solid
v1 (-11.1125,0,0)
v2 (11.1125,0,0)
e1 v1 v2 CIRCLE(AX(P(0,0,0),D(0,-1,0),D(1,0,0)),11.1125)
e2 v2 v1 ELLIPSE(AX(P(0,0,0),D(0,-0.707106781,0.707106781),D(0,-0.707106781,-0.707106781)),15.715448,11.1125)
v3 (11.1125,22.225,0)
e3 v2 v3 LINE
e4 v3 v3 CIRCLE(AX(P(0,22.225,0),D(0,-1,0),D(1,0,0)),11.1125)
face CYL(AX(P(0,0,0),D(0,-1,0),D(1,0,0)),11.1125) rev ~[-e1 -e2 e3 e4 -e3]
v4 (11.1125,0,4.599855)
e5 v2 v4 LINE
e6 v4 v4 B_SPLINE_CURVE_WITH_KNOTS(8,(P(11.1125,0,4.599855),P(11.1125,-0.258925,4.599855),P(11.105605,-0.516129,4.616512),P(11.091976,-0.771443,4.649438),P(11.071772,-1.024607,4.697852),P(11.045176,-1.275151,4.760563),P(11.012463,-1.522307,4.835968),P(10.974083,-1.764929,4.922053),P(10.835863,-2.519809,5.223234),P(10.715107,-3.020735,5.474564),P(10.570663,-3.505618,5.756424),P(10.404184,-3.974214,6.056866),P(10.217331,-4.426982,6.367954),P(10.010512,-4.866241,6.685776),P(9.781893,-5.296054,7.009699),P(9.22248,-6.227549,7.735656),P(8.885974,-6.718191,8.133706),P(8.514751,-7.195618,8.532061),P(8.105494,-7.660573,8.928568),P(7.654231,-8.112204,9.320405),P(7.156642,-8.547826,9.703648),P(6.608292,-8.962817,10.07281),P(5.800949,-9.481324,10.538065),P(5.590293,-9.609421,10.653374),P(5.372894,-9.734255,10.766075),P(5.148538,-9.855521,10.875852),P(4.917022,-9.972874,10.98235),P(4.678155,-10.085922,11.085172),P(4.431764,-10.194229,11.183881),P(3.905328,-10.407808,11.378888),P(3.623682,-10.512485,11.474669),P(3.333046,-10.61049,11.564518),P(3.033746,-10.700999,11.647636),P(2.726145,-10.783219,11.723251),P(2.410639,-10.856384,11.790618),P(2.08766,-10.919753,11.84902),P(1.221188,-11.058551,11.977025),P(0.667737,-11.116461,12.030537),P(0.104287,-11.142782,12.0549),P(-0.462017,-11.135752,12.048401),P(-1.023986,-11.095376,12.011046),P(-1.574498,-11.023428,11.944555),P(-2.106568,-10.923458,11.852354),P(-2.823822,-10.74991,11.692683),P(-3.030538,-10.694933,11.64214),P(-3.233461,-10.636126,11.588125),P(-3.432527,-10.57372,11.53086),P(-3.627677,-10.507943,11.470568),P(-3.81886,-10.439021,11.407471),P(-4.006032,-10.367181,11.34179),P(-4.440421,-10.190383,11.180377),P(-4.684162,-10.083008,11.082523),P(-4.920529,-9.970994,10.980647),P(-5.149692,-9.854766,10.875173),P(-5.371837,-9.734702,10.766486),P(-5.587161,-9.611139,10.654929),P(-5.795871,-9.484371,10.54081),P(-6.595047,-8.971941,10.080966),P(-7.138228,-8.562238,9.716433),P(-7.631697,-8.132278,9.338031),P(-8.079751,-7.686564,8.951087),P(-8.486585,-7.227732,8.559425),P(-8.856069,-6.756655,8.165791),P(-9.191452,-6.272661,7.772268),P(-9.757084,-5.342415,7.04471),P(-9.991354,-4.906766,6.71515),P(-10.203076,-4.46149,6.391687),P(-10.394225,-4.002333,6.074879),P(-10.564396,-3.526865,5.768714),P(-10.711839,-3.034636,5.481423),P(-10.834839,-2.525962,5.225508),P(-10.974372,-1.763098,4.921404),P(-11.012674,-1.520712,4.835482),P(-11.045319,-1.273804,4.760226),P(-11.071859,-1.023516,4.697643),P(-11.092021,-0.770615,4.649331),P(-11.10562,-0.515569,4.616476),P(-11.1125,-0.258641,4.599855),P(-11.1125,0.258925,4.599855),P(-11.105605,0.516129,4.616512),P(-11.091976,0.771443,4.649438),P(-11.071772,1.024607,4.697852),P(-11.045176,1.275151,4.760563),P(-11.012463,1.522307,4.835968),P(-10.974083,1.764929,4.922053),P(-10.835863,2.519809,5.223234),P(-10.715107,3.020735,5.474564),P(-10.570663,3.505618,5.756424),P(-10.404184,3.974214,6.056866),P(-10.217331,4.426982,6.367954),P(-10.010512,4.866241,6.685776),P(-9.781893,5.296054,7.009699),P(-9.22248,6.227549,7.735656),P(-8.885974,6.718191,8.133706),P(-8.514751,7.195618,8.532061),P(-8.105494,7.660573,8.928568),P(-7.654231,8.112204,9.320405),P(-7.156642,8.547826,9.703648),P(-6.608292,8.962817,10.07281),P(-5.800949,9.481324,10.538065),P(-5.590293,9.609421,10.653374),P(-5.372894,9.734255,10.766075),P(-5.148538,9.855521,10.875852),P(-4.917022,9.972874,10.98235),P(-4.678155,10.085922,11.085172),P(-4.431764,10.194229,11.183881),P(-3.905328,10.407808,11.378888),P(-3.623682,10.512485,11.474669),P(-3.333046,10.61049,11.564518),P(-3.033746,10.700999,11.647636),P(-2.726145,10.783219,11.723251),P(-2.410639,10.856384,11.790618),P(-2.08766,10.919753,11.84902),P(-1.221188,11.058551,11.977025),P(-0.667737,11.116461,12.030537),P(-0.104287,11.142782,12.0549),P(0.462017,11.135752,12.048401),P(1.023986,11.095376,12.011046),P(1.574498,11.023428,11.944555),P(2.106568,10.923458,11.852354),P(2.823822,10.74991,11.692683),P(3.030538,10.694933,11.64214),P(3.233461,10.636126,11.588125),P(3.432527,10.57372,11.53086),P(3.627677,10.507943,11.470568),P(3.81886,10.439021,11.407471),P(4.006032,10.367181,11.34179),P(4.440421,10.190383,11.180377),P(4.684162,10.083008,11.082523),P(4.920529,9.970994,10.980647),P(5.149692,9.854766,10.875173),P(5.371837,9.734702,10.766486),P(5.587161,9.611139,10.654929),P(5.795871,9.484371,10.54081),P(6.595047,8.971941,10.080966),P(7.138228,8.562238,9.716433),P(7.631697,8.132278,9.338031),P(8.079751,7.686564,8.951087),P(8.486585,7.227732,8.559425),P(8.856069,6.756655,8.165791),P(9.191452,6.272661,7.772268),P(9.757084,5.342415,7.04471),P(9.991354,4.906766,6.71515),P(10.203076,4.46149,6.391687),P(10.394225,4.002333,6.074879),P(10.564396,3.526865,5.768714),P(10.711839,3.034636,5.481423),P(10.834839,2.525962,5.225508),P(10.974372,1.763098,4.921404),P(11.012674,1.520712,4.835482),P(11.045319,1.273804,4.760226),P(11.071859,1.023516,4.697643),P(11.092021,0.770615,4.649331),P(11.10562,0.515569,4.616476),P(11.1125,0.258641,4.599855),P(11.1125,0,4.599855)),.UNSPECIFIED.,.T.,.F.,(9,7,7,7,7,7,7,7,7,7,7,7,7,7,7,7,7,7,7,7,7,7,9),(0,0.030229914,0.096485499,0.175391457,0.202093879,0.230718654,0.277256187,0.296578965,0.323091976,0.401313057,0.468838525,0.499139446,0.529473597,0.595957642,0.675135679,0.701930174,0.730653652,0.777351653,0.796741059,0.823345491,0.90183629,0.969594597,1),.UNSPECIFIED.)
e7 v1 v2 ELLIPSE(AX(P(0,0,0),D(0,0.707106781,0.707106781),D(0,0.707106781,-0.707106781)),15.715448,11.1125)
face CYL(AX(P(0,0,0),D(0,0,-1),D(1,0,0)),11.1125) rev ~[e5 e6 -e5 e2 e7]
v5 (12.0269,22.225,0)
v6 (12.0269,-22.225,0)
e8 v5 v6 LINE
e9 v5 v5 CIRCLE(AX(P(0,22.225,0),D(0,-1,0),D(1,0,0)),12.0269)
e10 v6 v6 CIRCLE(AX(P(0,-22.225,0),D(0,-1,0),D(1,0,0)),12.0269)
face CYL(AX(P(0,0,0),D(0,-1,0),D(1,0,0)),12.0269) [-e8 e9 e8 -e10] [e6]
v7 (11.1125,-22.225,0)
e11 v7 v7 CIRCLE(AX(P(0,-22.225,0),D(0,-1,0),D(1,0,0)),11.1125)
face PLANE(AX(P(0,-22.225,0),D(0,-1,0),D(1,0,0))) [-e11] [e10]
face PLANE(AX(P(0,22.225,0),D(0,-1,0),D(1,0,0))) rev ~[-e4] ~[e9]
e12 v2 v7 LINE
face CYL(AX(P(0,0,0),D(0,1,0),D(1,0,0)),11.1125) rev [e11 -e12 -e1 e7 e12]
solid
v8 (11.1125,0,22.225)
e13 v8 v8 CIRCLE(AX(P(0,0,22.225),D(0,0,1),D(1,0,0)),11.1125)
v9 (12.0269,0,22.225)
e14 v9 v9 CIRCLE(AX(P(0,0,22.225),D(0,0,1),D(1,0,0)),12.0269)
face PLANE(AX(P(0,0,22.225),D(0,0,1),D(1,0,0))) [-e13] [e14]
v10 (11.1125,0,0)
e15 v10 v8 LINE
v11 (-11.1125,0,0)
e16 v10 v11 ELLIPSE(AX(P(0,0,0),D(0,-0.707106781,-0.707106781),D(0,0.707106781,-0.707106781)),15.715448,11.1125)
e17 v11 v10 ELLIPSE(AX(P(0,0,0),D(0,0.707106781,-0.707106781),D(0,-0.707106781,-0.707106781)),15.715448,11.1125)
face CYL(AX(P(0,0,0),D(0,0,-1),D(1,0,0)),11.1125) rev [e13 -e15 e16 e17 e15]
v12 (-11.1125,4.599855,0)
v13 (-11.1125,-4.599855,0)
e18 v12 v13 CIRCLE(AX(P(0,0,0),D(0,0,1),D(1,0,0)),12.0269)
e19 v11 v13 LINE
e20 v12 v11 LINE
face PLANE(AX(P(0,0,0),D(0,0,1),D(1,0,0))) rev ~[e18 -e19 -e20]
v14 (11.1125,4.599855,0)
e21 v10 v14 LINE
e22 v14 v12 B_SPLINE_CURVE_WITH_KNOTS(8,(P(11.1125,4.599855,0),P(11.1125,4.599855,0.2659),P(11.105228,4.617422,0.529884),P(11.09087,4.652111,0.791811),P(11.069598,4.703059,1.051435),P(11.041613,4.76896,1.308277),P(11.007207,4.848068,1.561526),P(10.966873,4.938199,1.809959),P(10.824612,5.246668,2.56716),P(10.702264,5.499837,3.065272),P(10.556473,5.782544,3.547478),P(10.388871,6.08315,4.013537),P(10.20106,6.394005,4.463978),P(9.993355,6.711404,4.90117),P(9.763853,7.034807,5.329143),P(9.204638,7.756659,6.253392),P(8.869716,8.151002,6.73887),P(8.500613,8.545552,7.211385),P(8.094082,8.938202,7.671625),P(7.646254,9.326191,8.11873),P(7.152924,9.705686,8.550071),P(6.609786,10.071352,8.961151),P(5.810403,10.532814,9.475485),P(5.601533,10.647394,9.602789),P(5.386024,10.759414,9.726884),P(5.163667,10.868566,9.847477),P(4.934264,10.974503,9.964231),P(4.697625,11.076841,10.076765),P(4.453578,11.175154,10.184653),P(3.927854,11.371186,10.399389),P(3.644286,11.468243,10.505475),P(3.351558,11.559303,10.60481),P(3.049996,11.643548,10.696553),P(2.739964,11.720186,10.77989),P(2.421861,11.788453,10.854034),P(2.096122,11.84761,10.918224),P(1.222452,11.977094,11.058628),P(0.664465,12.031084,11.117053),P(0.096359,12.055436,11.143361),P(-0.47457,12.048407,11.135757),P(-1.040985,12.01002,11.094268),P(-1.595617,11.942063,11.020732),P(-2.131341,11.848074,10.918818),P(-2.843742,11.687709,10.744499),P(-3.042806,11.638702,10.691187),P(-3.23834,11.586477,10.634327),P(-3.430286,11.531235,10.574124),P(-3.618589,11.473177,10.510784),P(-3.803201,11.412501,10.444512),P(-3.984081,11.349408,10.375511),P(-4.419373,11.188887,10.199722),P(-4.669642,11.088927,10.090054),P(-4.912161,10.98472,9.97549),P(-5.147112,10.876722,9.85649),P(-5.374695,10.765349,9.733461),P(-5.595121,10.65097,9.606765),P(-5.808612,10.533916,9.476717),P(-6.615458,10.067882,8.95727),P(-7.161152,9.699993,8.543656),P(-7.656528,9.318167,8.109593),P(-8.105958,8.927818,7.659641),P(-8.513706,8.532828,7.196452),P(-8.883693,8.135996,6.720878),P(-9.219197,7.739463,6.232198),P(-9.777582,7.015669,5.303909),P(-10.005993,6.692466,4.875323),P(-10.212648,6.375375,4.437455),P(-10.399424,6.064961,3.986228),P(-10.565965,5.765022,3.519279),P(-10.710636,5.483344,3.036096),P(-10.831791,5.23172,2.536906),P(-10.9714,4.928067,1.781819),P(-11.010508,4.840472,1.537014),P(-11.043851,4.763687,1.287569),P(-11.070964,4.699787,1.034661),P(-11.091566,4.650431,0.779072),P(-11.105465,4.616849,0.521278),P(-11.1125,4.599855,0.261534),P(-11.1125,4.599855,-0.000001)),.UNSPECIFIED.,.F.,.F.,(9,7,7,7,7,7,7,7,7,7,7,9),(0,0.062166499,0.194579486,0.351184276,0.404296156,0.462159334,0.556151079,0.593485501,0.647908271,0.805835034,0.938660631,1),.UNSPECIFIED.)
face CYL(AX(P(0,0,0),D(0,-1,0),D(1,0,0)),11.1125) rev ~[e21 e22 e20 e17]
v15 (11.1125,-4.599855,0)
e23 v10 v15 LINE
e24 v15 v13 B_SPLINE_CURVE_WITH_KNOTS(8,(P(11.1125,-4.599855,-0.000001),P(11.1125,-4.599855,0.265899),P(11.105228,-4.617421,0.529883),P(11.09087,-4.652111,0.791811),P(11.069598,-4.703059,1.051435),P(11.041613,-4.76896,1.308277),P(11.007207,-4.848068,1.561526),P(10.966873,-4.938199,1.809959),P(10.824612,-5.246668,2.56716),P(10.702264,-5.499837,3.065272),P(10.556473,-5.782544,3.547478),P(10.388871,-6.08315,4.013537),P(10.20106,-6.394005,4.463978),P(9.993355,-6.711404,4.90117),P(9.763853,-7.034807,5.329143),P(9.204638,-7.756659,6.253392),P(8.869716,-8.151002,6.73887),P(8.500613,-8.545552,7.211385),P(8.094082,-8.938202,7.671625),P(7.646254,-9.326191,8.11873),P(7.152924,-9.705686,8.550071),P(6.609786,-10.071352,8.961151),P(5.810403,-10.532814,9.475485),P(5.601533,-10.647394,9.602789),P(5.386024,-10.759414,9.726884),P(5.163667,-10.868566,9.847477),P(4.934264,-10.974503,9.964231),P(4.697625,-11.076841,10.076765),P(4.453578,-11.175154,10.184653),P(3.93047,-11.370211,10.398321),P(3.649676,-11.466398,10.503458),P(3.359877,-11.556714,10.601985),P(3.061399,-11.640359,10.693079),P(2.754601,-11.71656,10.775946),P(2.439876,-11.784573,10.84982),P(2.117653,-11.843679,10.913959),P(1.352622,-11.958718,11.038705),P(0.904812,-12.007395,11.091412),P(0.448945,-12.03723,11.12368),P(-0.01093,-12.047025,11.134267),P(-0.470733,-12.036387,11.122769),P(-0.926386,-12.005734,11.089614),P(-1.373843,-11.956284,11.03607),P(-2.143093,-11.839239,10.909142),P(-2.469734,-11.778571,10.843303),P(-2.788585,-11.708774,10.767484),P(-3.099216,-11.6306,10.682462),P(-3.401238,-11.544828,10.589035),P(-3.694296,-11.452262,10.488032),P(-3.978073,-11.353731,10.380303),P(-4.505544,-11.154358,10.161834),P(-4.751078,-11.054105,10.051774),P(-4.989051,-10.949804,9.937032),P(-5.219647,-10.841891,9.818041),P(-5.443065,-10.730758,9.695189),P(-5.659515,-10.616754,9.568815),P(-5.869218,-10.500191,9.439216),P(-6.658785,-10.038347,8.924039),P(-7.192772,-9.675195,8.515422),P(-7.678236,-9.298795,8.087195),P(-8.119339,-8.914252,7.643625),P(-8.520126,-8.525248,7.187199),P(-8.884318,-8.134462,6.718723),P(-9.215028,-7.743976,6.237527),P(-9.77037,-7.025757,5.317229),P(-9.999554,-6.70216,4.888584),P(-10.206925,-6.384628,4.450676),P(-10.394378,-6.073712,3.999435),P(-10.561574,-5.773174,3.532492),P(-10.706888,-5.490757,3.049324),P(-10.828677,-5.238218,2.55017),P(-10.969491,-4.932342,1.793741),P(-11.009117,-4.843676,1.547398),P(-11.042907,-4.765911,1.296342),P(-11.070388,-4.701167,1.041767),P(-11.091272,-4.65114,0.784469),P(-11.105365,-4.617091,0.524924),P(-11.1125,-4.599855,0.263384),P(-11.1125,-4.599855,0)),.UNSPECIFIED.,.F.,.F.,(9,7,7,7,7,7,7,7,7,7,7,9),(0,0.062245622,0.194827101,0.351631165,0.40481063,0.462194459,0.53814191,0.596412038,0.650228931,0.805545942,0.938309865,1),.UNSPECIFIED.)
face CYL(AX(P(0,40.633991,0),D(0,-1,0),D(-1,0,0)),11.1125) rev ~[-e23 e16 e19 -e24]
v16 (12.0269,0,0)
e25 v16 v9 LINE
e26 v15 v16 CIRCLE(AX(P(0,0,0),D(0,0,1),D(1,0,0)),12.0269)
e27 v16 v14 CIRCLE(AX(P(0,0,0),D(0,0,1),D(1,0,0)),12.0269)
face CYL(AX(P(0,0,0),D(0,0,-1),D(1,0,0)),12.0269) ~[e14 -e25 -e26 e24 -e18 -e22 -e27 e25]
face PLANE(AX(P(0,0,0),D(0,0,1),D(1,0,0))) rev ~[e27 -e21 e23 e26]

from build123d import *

# Parameters (mm, degrees)
F0_R          = 12.0269
F0_R_2        = 11.1125
F2_DEPTH      = 22.225
F2_DEPTH_BACK = 22.225
F1_R          = 12.0269
F1_R_2        = 11.1125
F3_DEPTH      = 22.225
F4_D          = 22.225
F4_DEPTH      = 12.0279
F5_D          = 22.225
F5_DEPTH      = 12.7
F5_TIP        = 6.6770636289
F6_D          = 22.225


with BuildPart() as f2:
    # F0 (on Front) → F2 (new body, two sides)
    with BuildSketch(Plane.XZ) as f2_sk:
        Circle(F0_R)
        Circle(F0_R_2, mode=Mode.SUBTRACT)
    extrude(amount=F2_DEPTH)
    extrude(f2_sk.sketch, amount=-F2_DEPTH_BACK)

    # F4 (through all, one way)
    with BuildSketch(Plane(origin=(0, 0, 0), x_dir=(1, 0, 0), z_dir=(0, 0, -1))):
        with Locations((0, 0)):
            Circle(F4_D / 2)
    extrude(amount=-F4_DEPTH, mode=Mode.SUBTRACT)


with BuildPart() as f3:
    # F1 (on Top) → F3 (new body)
    with BuildSketch(Plane.XY):
        Circle(F1_R)
        Circle(F1_R_2, mode=Mode.SUBTRACT)
    extrude(amount=F3_DEPTH)

    # F5 (one way)
    with BuildSketch(Plane.XZ):
        with Locations((0, 0)):
            Circle(F5_D / 2)
    extrude(amount=-F5_DEPTH, mode=Mode.SUBTRACT)
    with Locations(Plane.XZ):
        with Locations((0, 0)):
            with Locations((0, 0, -(F5_DEPTH + F5_TIP / 2))):  # 118° drill point
                Cone(0, F5_D / 2, F5_TIP, mode=Mode.SUBTRACT)

    # F6 (through all)
    with Locations(Plane(origin=(0, 0, 0), x_dir=(1, 0, 0), z_dir=(0, 1, 0))):
        with Locations((0, 0)):
            Hole(F6_D / 2)


solid = Compound([f2.part, f3.part])
